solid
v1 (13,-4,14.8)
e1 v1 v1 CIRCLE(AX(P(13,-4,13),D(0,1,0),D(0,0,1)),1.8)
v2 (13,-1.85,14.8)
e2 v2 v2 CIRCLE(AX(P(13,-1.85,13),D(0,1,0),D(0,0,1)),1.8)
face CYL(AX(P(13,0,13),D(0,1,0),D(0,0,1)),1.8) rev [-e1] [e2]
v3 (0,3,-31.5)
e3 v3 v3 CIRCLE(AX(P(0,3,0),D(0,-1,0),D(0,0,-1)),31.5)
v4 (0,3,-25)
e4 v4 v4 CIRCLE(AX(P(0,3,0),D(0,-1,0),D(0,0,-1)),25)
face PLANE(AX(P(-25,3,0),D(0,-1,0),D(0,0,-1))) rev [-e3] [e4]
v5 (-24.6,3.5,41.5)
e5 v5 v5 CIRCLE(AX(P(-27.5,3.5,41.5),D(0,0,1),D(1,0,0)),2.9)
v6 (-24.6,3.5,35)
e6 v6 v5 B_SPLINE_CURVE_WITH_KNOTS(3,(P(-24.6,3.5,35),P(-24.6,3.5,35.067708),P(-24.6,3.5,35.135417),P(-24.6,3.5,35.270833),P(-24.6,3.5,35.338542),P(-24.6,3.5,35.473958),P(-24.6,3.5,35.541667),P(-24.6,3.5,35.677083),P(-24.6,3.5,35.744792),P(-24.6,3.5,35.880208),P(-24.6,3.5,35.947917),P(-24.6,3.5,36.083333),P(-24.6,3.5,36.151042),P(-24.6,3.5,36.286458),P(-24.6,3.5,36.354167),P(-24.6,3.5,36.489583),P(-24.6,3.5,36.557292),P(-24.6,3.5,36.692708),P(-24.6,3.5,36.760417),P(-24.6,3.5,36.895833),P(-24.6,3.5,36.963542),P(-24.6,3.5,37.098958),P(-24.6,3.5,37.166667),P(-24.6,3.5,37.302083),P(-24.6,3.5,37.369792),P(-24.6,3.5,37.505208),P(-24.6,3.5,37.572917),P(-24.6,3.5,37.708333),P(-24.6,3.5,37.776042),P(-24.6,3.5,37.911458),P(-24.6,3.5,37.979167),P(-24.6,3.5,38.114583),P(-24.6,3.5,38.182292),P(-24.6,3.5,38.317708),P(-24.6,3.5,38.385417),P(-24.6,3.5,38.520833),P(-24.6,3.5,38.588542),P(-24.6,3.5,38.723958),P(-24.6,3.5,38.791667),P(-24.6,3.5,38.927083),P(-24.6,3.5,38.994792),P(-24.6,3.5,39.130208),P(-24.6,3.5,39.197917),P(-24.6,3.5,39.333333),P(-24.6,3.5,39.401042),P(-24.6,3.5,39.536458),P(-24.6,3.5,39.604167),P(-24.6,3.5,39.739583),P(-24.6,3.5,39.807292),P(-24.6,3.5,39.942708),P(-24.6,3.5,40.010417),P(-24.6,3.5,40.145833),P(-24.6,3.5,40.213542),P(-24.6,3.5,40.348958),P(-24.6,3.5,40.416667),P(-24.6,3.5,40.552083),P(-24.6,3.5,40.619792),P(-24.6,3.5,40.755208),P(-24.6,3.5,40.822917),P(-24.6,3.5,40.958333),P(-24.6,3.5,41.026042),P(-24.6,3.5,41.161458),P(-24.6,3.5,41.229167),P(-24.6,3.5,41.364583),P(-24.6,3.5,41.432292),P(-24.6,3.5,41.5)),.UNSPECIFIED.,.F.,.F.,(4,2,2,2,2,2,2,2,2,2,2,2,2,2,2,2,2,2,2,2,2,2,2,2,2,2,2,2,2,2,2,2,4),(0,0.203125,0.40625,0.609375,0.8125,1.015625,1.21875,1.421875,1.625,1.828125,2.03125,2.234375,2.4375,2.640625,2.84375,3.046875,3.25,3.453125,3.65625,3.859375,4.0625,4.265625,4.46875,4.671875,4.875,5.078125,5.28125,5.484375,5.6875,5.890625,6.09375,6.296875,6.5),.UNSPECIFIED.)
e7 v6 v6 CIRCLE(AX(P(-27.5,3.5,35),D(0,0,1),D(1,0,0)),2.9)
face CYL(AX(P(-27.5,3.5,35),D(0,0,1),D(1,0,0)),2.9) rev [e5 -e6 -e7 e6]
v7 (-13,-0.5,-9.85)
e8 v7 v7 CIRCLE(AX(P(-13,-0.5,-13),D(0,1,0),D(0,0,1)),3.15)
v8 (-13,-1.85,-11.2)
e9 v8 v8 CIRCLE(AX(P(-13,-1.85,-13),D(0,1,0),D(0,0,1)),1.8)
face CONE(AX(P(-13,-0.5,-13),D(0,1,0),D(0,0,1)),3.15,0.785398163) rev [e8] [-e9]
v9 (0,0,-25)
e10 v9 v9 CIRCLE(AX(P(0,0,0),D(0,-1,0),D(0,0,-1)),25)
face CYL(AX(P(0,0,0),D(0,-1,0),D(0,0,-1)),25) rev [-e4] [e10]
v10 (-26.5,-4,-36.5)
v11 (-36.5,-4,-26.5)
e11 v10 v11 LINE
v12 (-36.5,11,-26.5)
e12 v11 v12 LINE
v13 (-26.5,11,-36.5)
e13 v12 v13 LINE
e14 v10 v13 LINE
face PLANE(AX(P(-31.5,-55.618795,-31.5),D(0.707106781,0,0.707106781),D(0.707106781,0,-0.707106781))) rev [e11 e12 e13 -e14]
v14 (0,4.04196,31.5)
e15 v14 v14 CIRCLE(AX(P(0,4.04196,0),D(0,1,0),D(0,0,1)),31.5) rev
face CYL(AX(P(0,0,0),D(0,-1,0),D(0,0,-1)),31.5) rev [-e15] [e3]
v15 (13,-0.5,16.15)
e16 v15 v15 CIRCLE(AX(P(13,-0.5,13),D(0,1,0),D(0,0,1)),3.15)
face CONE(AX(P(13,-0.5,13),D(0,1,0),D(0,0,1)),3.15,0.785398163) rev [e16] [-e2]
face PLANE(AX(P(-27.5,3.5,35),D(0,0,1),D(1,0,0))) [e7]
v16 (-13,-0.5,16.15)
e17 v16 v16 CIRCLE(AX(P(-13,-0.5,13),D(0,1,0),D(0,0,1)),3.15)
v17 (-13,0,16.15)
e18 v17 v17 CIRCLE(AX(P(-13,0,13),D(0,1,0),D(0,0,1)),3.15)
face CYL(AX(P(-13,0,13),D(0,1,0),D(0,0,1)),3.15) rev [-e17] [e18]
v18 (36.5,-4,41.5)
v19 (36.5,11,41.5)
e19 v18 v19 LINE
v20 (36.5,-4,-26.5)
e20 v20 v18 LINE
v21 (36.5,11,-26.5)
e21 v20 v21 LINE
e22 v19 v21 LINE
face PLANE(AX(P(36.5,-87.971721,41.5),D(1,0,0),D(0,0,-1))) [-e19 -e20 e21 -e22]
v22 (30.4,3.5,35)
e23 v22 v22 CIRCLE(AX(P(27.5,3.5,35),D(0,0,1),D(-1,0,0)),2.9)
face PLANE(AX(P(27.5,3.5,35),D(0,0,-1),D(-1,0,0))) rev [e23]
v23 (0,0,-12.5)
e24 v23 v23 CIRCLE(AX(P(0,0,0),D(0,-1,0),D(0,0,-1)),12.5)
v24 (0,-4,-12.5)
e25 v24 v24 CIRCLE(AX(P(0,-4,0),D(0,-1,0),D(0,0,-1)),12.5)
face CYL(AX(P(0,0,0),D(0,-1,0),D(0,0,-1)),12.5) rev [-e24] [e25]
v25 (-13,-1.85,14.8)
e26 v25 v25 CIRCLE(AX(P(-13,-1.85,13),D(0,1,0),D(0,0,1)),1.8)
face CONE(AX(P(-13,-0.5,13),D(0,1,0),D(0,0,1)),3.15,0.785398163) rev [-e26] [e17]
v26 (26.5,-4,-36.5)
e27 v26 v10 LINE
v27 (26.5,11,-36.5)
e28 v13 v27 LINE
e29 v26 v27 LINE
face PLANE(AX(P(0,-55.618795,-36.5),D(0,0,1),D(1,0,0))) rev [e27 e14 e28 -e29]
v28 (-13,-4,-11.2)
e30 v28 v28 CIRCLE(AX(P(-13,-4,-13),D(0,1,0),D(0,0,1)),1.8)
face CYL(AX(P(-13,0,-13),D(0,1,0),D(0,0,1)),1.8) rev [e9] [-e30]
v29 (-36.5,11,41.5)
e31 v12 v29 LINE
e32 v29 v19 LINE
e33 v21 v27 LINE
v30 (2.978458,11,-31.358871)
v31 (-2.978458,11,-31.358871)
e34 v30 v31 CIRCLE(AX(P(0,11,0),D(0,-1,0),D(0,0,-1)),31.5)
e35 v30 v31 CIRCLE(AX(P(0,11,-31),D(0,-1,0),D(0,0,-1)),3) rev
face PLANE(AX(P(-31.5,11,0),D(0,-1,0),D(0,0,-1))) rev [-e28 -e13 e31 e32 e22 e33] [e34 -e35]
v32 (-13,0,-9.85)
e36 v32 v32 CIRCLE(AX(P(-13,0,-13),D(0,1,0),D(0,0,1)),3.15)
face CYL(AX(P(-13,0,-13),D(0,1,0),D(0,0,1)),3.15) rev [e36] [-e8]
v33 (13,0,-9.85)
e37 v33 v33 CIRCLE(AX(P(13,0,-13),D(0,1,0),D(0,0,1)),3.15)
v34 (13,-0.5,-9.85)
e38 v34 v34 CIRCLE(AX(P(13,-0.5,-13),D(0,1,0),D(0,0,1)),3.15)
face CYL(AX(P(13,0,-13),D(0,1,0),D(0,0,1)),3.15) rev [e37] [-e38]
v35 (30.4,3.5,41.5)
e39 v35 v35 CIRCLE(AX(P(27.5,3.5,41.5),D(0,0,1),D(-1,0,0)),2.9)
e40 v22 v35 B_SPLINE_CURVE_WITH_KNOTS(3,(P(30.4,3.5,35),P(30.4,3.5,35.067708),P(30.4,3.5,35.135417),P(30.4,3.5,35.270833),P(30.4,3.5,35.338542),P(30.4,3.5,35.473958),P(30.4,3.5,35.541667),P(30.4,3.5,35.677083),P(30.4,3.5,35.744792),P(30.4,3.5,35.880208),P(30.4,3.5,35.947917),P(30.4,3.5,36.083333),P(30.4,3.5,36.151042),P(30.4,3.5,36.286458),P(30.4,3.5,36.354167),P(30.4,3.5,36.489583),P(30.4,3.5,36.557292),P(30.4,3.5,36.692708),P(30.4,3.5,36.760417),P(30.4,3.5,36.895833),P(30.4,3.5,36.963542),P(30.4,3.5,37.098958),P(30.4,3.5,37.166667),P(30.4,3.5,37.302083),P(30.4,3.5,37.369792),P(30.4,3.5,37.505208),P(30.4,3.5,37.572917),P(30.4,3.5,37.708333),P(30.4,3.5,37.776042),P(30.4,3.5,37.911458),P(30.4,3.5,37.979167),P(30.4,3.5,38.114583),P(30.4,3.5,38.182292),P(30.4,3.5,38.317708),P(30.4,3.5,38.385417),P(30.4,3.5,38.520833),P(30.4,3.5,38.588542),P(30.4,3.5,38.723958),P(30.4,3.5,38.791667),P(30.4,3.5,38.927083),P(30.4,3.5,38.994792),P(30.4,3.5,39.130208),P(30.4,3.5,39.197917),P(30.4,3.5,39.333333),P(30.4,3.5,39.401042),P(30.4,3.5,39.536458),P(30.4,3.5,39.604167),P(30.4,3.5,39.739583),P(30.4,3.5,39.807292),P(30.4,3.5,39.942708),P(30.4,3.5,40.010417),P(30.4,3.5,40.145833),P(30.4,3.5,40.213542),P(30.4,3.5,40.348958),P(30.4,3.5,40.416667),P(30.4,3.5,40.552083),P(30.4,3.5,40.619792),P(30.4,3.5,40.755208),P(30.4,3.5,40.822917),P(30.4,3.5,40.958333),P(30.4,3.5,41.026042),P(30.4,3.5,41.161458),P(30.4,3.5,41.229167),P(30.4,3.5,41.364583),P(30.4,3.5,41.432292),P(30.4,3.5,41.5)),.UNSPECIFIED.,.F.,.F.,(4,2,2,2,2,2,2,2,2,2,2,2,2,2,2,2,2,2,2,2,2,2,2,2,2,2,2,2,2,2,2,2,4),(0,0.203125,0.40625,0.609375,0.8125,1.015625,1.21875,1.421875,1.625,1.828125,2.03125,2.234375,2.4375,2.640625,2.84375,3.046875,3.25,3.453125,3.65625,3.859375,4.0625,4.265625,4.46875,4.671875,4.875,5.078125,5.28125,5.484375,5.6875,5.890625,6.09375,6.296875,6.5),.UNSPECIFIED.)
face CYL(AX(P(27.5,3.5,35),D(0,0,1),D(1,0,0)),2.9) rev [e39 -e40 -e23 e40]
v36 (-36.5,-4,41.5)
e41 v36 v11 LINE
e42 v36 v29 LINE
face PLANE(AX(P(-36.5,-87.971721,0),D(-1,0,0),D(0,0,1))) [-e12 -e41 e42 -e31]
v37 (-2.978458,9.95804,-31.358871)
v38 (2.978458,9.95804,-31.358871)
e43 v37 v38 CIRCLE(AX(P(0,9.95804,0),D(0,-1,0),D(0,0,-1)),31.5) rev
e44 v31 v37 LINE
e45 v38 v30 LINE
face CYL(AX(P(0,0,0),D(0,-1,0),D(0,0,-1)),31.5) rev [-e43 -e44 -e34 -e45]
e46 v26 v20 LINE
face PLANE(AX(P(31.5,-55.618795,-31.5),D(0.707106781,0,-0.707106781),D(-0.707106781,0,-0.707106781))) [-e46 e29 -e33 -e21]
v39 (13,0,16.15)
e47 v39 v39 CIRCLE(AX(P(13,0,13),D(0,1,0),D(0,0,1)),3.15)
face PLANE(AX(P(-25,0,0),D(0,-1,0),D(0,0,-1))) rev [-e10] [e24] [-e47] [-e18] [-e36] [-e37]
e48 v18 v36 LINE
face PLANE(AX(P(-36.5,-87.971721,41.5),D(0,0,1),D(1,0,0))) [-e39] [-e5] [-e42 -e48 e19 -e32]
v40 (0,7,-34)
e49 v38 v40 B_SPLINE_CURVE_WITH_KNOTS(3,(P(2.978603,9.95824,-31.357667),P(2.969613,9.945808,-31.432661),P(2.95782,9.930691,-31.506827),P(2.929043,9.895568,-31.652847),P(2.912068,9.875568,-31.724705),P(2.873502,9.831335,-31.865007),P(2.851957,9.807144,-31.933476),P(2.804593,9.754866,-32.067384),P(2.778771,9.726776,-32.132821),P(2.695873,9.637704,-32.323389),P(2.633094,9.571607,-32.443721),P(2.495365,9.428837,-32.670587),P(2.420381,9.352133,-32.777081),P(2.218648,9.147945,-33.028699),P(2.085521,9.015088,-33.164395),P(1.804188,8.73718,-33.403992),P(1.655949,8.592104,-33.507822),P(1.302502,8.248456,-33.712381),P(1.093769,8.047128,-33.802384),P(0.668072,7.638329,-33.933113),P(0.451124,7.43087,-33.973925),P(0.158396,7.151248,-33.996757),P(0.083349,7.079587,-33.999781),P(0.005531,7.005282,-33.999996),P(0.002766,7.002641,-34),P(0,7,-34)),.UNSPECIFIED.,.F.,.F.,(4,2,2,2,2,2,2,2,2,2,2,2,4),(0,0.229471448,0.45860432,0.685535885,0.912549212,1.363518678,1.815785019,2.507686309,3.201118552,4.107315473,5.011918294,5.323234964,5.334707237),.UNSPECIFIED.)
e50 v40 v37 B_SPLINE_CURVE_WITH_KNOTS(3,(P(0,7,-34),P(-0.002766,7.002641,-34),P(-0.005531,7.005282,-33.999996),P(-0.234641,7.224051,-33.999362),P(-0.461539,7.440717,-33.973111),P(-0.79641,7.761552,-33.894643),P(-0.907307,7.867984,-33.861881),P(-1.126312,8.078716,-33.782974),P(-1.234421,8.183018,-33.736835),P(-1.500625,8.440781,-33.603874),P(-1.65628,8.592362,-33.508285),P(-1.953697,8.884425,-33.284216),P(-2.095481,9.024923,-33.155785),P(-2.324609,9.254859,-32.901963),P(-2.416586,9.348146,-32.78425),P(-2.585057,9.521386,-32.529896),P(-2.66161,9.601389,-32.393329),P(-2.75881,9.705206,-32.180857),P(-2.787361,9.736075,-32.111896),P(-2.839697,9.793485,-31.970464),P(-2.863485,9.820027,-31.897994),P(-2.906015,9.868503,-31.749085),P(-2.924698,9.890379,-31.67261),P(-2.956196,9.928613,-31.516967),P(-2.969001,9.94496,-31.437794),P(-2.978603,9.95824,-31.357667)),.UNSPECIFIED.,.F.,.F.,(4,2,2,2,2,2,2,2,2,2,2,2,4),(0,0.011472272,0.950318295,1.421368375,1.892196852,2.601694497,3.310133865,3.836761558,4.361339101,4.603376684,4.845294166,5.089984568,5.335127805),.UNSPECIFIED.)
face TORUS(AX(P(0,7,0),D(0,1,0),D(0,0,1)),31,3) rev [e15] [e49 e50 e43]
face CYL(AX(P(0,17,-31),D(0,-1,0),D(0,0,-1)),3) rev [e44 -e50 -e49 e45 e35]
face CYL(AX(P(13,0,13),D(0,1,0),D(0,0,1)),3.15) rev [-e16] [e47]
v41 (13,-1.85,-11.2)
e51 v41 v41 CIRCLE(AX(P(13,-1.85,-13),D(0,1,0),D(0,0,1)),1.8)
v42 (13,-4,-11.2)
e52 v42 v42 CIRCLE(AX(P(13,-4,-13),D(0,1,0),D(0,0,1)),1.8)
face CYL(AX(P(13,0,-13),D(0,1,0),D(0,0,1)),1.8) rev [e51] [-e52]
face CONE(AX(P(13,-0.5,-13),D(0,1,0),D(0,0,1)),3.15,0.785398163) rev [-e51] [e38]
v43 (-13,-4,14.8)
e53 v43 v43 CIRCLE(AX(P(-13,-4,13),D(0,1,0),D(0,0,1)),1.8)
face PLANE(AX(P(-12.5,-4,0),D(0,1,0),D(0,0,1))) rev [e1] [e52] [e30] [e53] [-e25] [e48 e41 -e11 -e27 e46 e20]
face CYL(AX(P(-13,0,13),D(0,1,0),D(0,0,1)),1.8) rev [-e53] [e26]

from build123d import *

# Parameters (mm, degrees)
SKETCH3_R                                    = 1.25
CUT_EXTRUDE1_DEPTH                           = 53.777836257
SKETCH5_R                                    = 3
SKETCH6_R                                    = 3
CUT_EXTRUDE2_DEPTH                           = 10
BOSS_EXTRUDE1_DEPTH                          = 15
SKETCH9_R                                    = 2.9
CUT_EXTRUDE3_DEPTH                           = 6.5
CSK_FOR_M3_COUNTERSUNK_FLAT_HEAD_SCR_2_COUNT = 2
CSK_FOR_M3_COUNTERSUNK_FLAT_HEAD_SCR_2_PITCH = 26
CSK_FOR_M3_COUNTERSUNK_FLAT_HEAD_SCR_3_COUNT = 2
CSK_FOR_M3_COUNTERSUNK_FLAT_HEAD_SCR_3_PITCH = 36.769552622
CSK_FOR_M3_COUNTERSUNK_FLAT_HEAD_SCR_4_COUNT = 2
CSK_FOR_M3_COUNTERSUNK_FLAT_HEAD_SCR_4_PITCH = 26
BOSS_EXTRUDE2_DEPTH                          = 15


with BuildPart() as part:
    # Sketch2 → Revolve1 (revolve)
    with BuildSketch(Plane.XY, mode=Mode.PRIVATE) as revolve1_sk:
        Polygon((-25, 3), (-25, 0), (-12.5, 0), (-12.5, -4), (-36.5, -4), (-36.5, 11), (-31.5, 11), (-31.5, 3), align=None)
    revolve(revolve1_sk.sketch.rotate(Axis((0, 0, 0), (0, 1, 0)), 270), axis=Axis((0, 0, 0), (0, 1, 0)))

    # Sketch3 → Cut-Extrude1 (cut, through all)
    with BuildSketch(Plane(origin=(0, 0, 0), x_dir=(1, 0, 0), z_dir=(0, 1, 0))):
        with Locations(Location((-13, 13, 0), (0, 0, 270))):
            Circle(SKETCH3_R)
        with Locations(Location((13, 13, 0), (0, 0, 270))):
            Circle(SKETCH3_R)
        with Locations(Location((13, -13, 0), (0, 0, 270))):
            Circle(SKETCH3_R)
        with Locations(Location((-13, -13, 0), (0, 0, 270))):
            Circle(SKETCH3_R)
    extrude(amount=-CUT_EXTRUDE1_DEPTH, mode=Mode.SUBTRACT)

    # Sketch5 → Cut-Revolve1 (revolve, cut)
    with BuildSketch(Plane.XY, mode=Mode.PRIVATE) as cut_revolve1_sk:
        with Locations((31, 7)):
            Circle(SKETCH5_R)
    revolve(cut_revolve1_sk.sketch.rotate(Axis((0, 0, 0), (0, -1, 0)), 270), axis=Axis((0, 0, 0), (0, -1, 0)), mode=Mode.SUBTRACT)

    # Sketch6 → Cut-Extrude2 (cut)
    with BuildSketch(Plane(origin=(0, 7, 0), x_dir=(1, 0, 0), z_dir=(0, 1, 0))):
        with Locations((0, 31)):
            Circle(SKETCH6_R)
    extrude(amount=CUT_EXTRUDE2_DEPTH, mode=Mode.SUBTRACT)

    # Sketch7 → Boss-Extrude1 (add)
    with BuildSketch(Plane(origin=(0, 11, 0), x_dir=(1, 0, 0), z_dir=(0, 1, 0))):
        with BuildLine():
            Line((-36.5, 0), (-36.5, -41.5))
            Line((-36.5, -41.5), (36.5, -41.5))
            Line((36.5, -41.5), (36.5, 0))
            ThreePointArc((36.5, 0), (0, -36.5), (-36.5, 0))
        make_face()
    extrude(amount=-BOSS_EXTRUDE1_DEPTH)

    # Sketch9 → Cut-Extrude3 (cut)
    with BuildSketch(Plane.XY.offset(41.5)):
        with Locations((-27.5, 3.5)):
            Circle(SKETCH9_R)
        with Locations((27.5, 3.5)):
            Circle(SKETCH9_R)
    extrude(amount=-CUT_EXTRUDE3_DEPTH, mode=Mode.SUBTRACT)

    # Sketch11 → CSK for M3 Countersunk Flat Head Screw1 (revolve, cut)
    with BuildSketch(Plane(origin=(13, 0, -13), x_dir=(0, 0, 1), z_dir=(1, 0, 0))):
        Polygon((0, 0), (0, 4), (1.8, 4), (1.8, 1.85), (3.15, 0.5), (3.15, 0), align=None)
    csk_for_m3_countersunk_flat_head_screw1 = revolve(axis=Axis((13, 6.35, -13), (0, -1, 0)), mode=Mode.SUBTRACT)

    # CSK for M3 Countersunk Flat Head Scr 2: CSK for M3 Countersunk Flat Head Screw1 ×2
    with Locations(*[(0, 0, i * CSK_FOR_M3_COUNTERSUNK_FLAT_HEAD_SCR_2_PITCH) for i in range(1, CSK_FOR_M3_COUNTERSUNK_FLAT_HEAD_SCR_2_COUNT)]):
        add(csk_for_m3_countersunk_flat_head_screw1, mode=Mode.SUBTRACT)

    # CSK for M3 Countersunk Flat Head Scr 3: CSK for M3 Countersunk Flat Head Screw1 ×2
    with Locations(*[Vector(-0.7071067811865476, 0, 0.7071067811865476) * (i * CSK_FOR_M3_COUNTERSUNK_FLAT_HEAD_SCR_3_PITCH) for i in range(1, CSK_FOR_M3_COUNTERSUNK_FLAT_HEAD_SCR_3_COUNT)]):
        add(csk_for_m3_countersunk_flat_head_screw1, mode=Mode.SUBTRACT)

    # CSK for M3 Countersunk Flat Head Scr 4: CSK for M3 Countersunk Flat Head Screw1 ×2
    with Locations(*[(-i * CSK_FOR_M3_COUNTERSUNK_FLAT_HEAD_SCR_4_PITCH, 0, 0) for i in range(1, CSK_FOR_M3_COUNTERSUNK_FLAT_HEAD_SCR_4_COUNT)]):
        add(csk_for_m3_countersunk_flat_head_screw1, mode=Mode.SUBTRACT)

    # Sketch12 → Boss-Extrude2 (add)
    with BuildSketch(Plane(origin=(0, 11, 0), x_dir=(1, 0, 0), z_dir=(0, 1, 0))):
        with BuildLine():
            Line((26.5, 36.5), (0, 36.5))
            ThreePointArc((0, 36.5), (25.809397513, 25.809397513), (36.5, 0))
            Line((36.5, 0), (36.5, 26.5))
            Line((36.5, 26.5), (26.5, 36.5))
        make_face()
        with BuildLine():
            Line((-36.5, 26.5), (-36.5, 0))
            ThreePointArc((-36.5, 0), (-25.809397513, 25.809397513), (0, 36.5))
            Line((0, 36.5), (-26.5, 36.5))
            Line((-26.5, 36.5), (-36.5, 26.5))
        make_face()
    extrude(amount=-BOSS_EXTRUDE2_DEPTH)


solid = part.part
